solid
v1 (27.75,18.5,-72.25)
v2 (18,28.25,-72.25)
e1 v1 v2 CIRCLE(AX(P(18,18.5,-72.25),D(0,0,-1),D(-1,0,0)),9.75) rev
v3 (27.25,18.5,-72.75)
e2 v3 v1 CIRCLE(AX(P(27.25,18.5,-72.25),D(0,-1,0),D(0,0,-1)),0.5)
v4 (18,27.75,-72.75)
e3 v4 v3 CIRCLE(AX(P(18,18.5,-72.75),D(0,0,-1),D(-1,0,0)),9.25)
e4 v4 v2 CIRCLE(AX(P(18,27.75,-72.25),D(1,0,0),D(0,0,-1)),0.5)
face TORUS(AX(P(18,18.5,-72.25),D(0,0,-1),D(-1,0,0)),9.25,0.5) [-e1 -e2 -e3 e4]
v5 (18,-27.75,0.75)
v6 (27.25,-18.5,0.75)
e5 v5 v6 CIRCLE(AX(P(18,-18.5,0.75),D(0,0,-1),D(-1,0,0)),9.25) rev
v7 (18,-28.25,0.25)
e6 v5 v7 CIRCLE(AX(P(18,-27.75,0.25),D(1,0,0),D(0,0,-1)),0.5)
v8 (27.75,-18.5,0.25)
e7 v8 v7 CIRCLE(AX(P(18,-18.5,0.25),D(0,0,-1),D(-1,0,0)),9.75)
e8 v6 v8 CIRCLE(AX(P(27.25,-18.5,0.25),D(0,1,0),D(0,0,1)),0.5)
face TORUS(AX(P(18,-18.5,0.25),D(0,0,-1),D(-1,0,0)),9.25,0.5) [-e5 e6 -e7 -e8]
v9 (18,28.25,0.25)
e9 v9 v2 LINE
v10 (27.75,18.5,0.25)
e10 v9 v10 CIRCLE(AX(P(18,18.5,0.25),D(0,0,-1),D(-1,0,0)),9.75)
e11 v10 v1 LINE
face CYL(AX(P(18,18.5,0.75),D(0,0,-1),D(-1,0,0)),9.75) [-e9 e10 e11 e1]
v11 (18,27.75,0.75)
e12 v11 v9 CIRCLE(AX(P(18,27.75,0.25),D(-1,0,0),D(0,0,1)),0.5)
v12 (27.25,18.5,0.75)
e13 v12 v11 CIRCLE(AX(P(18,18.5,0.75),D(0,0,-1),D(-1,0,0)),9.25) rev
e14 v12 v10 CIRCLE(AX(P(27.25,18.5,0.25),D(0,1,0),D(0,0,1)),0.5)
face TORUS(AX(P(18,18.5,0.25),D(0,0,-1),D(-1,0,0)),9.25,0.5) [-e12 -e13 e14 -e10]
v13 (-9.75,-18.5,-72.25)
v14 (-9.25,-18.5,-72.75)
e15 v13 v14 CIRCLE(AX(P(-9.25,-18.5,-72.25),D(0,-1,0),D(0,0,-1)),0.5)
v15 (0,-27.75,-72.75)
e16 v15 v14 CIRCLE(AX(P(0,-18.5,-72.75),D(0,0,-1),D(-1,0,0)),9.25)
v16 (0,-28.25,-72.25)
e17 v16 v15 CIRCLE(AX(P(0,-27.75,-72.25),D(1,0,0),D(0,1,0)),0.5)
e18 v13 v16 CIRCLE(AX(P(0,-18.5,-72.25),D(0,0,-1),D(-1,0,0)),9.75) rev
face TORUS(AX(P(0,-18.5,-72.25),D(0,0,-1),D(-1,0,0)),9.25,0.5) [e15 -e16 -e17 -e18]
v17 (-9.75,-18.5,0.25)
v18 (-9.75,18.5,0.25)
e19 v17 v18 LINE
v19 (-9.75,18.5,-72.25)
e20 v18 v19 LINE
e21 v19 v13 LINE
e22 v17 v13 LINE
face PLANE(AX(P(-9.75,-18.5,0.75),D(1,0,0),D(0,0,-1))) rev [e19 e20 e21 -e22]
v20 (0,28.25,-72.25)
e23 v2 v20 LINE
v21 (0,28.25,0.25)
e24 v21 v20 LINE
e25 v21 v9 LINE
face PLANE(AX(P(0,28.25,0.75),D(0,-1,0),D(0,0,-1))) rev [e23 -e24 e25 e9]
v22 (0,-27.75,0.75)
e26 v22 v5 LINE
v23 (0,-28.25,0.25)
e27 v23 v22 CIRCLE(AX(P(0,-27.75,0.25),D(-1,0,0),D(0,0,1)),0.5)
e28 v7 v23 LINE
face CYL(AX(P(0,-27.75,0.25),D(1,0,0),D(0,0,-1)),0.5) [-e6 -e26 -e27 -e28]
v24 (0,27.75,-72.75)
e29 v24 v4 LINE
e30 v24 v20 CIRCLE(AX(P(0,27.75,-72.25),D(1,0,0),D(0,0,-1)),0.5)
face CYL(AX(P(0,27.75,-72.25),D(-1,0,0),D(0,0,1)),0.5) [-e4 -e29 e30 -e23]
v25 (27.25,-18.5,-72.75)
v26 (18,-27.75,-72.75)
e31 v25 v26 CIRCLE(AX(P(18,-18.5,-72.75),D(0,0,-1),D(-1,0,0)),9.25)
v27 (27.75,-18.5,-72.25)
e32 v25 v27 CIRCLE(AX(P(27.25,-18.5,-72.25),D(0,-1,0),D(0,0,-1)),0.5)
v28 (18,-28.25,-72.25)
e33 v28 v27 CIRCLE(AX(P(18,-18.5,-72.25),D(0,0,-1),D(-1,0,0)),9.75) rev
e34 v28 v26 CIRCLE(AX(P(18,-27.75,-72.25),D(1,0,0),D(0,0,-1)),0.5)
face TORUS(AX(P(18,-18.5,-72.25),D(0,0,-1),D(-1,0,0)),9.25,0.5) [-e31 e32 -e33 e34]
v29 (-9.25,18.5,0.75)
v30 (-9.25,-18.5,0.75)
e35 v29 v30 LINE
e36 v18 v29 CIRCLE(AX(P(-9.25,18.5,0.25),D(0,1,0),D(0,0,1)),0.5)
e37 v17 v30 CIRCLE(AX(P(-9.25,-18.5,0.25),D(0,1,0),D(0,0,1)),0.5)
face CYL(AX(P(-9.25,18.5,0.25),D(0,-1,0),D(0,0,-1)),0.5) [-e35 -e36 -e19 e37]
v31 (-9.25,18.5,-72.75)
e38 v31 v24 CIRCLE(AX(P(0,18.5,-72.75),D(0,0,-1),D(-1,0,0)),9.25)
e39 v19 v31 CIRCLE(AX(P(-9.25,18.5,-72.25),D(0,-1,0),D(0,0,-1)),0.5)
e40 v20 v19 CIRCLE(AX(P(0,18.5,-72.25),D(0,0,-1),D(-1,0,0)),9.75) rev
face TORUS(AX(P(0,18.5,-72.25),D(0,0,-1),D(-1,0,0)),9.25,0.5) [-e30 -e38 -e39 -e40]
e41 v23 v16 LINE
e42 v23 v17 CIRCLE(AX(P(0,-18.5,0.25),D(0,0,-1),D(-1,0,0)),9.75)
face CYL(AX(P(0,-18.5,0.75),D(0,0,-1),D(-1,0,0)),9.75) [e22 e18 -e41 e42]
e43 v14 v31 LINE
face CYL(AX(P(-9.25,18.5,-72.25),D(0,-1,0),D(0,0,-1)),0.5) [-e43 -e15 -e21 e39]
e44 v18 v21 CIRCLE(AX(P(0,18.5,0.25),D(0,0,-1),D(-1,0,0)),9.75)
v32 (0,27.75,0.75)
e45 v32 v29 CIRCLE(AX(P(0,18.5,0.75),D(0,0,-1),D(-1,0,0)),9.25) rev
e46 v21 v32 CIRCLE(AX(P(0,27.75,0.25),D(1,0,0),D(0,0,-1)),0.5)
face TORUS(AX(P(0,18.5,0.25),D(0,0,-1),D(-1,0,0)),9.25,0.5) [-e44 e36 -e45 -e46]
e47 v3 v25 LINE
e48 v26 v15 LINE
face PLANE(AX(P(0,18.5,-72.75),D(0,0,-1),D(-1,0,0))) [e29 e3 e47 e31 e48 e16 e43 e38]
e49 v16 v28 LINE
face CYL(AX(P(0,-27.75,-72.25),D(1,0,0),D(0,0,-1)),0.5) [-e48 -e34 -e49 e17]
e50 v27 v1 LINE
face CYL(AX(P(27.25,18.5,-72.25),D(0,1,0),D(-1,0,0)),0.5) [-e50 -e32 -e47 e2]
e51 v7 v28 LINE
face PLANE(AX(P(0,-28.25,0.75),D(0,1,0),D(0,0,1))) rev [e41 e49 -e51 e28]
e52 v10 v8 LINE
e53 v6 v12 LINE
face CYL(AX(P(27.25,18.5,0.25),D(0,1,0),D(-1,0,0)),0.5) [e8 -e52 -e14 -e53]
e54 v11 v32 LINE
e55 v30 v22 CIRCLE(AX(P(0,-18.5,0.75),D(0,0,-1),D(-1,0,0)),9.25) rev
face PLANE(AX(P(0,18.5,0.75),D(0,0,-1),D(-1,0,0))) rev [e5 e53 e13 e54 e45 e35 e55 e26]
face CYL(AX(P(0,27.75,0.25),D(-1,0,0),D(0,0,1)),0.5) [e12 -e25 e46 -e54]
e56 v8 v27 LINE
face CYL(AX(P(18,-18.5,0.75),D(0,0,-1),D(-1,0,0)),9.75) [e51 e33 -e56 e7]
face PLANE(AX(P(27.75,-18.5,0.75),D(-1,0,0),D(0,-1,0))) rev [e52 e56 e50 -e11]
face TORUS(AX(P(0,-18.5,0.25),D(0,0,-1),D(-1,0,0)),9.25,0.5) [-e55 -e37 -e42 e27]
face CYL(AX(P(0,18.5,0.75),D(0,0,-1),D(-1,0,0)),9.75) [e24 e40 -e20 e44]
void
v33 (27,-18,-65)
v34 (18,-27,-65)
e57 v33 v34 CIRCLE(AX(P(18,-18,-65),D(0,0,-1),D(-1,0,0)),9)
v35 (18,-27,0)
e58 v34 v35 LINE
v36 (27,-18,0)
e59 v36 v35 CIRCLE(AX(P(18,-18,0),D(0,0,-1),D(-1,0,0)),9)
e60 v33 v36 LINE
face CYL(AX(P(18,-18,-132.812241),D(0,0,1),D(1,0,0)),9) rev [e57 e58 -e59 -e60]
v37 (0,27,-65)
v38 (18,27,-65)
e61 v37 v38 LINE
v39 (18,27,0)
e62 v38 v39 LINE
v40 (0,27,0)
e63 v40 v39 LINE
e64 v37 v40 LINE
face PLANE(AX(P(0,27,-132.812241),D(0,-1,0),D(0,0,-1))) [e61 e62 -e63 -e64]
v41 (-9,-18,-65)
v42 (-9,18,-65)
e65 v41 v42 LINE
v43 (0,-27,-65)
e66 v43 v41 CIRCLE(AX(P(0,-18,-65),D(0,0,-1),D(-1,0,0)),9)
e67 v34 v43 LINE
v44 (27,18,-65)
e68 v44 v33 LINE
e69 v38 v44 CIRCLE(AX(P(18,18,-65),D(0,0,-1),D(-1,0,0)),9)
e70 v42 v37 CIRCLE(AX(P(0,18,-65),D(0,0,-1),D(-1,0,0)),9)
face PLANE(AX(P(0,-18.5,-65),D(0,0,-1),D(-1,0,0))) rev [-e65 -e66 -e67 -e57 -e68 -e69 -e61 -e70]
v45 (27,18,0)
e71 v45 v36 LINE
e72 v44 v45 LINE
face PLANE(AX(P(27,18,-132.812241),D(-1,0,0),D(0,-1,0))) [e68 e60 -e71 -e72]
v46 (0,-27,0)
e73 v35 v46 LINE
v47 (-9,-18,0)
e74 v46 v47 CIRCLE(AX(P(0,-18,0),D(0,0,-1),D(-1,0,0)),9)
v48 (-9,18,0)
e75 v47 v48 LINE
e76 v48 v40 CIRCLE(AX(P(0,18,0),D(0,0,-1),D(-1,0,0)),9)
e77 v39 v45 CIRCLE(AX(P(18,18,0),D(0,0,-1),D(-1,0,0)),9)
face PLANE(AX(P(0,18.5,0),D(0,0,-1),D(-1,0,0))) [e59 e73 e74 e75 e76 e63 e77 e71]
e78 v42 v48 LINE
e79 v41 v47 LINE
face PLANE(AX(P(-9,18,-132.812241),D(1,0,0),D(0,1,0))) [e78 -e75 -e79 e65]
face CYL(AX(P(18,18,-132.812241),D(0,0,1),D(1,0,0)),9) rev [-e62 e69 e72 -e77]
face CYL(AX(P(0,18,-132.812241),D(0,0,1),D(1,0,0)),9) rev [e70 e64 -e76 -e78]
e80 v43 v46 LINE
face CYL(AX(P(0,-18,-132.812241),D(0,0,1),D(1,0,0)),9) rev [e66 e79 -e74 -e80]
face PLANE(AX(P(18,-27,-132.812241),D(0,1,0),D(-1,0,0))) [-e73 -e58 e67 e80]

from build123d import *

# Parameters (mm, degrees)
BOSS_EXTRUDE1_DEPTH = 0.75
BOSS_EXTRUDE2_START = 65
BOSS_EXTRUDE2_DEPTH = 65
BOSS_EXTRUDE3_START = 7.75
BOSS_EXTRUDE3_DEPTH = 7.75
FILLET1_R           = 0.5


with BuildPart() as part:
    # Sketch1 → Boss-Extrude1 (new body)
    with BuildSketch(Plane.XY):
        with BuildLine():
            Line((0, -28.25), (18, -28.25))
            ThreePointArc((18, -28.25), (24.894291117, -25.394291117), (27.75, -18.5))
            Line((27.75, -18.5), (27.75, 18.5))
            ThreePointArc((27.75, 18.5), (24.894291117, 25.394291117), (18, 28.25))
            Line((18, 28.25), (0, 28.25))
            ThreePointArc((0, 28.25), (-6.894291117, 25.394291117), (-9.75, 18.5))
            Line((-9.75, 18.5), (-9.75, -18.5))
            ThreePointArc((-9.75, -18.5), (-6.894291117, -25.394291117), (0, -28.25))
        make_face()
    extrude(amount=BOSS_EXTRUDE1_DEPTH)

    # Sketch2 → Boss-Extrude2 (add)
    with BuildSketch(Plane(origin=(0, 0, 0), x_dir=(-1, 0, 0), z_dir=(0, 0, -1)).offset(BOSS_EXTRUDE2_START)):
        with BuildLine():
            Line((0, 28.25), (-18, 28.25))
            ThreePointArc((-18, 28.25), (-24.894291117, 25.394291117), (-27.75, 18.5))
            Line((-27.75, 18.5), (-27.75, -18.5))
            ThreePointArc((-27.75, -18.5), (-24.894291117, -25.394291117), (-18, -28.25))
            Line((-18, -28.25), (0, -28.25))
            ThreePointArc((0, -28.25), (6.894291117, -25.394291117), (9.75, -18.5))
            Line((9.75, -18.5), (9.75, 18.5))
            ThreePointArc((9.75, 18.5), (6.894291117, 25.394291117), (0, 28.25))
        make_face()
        with BuildLine():
            Line((-27, 18), (-27, -18))
            ThreePointArc((-27, -18), (-24.363961031, -24.363961031), (-18, -27))
            Line((-18, -27), (0, -27))
            ThreePointArc((0, -27), (6.363961031, -24.363961031), (9, -18))
            Line((9, -18), (9, 18))
            ThreePointArc((9, 18), (6.363961031, 24.363961031), (0, 27))
            Line((0, 27), (-18, 27))
            ThreePointArc((-18, 27), (-24.363961031, 24.363961031), (-27, 18))
        make_face(mode=Mode.SUBTRACT)
    extrude(amount=-BOSS_EXTRUDE2_DEPTH)

    # Sketch3 → Boss-Extrude3 (add)
    with BuildSketch(Plane(origin=(0, 0, -65), x_dir=(-1, 0, 0), z_dir=(0, 0, -1)).offset(BOSS_EXTRUDE3_START)):
        with BuildLine():
            Line((9.75, -18.5), (9.75, 18.5))
            ThreePointArc((9.75, 18.5), (6.894291117, 25.394291117), (0, 28.25))
            Line((0, 28.25), (-18, 28.25))
            ThreePointArc((-18, 28.25), (-24.894291117, 25.394291117), (-27.75, 18.5))
            Line((-27.75, 18.5), (-27.75, -18.5))
            ThreePointArc((-27.75, -18.5), (-24.894291117, -25.394291117), (-18, -28.25))
            Line((-18, -28.25), (0, -28.25))
            ThreePointArc((0, -28.25), (6.894291117, -25.394291117), (9.75, -18.5))
        make_face()
    extrude(amount=-BOSS_EXTRUDE3_DEPTH)

    # Fillet1
    fillet1_edges = [part.edges().sort_by_distance(p)[0] for p in [
        (-6.894291117, -25.394291117, 0.75),
        (9, -28.25, 0.75),
        (24.894291117, -25.394291117, 0.75),
        (27.75, 0, 0.75),
        (24.894291117, 25.394291117, 0.75),
        (9, 28.25, 0.75),
        (-6.894291117, 25.394291117, 0.75),
        (9, -28.25, -72.75),
        (-6.894291117, -25.394291117, -72.75),
        (-9.75, 0, -72.75),
        (-6.894291117, 25.394291117, -72.75),
        (9, 28.25, -72.75),
        (24.894291117, 25.394291117, -72.75),
        (27.75, 0, -72.75),
        (24.894291117, -25.394291117, -72.75),
        (-9.75, 0, 0.75),
    ]]
    fillet(fillet1_edges, radius=FILLET1_R)


solid = part.part
